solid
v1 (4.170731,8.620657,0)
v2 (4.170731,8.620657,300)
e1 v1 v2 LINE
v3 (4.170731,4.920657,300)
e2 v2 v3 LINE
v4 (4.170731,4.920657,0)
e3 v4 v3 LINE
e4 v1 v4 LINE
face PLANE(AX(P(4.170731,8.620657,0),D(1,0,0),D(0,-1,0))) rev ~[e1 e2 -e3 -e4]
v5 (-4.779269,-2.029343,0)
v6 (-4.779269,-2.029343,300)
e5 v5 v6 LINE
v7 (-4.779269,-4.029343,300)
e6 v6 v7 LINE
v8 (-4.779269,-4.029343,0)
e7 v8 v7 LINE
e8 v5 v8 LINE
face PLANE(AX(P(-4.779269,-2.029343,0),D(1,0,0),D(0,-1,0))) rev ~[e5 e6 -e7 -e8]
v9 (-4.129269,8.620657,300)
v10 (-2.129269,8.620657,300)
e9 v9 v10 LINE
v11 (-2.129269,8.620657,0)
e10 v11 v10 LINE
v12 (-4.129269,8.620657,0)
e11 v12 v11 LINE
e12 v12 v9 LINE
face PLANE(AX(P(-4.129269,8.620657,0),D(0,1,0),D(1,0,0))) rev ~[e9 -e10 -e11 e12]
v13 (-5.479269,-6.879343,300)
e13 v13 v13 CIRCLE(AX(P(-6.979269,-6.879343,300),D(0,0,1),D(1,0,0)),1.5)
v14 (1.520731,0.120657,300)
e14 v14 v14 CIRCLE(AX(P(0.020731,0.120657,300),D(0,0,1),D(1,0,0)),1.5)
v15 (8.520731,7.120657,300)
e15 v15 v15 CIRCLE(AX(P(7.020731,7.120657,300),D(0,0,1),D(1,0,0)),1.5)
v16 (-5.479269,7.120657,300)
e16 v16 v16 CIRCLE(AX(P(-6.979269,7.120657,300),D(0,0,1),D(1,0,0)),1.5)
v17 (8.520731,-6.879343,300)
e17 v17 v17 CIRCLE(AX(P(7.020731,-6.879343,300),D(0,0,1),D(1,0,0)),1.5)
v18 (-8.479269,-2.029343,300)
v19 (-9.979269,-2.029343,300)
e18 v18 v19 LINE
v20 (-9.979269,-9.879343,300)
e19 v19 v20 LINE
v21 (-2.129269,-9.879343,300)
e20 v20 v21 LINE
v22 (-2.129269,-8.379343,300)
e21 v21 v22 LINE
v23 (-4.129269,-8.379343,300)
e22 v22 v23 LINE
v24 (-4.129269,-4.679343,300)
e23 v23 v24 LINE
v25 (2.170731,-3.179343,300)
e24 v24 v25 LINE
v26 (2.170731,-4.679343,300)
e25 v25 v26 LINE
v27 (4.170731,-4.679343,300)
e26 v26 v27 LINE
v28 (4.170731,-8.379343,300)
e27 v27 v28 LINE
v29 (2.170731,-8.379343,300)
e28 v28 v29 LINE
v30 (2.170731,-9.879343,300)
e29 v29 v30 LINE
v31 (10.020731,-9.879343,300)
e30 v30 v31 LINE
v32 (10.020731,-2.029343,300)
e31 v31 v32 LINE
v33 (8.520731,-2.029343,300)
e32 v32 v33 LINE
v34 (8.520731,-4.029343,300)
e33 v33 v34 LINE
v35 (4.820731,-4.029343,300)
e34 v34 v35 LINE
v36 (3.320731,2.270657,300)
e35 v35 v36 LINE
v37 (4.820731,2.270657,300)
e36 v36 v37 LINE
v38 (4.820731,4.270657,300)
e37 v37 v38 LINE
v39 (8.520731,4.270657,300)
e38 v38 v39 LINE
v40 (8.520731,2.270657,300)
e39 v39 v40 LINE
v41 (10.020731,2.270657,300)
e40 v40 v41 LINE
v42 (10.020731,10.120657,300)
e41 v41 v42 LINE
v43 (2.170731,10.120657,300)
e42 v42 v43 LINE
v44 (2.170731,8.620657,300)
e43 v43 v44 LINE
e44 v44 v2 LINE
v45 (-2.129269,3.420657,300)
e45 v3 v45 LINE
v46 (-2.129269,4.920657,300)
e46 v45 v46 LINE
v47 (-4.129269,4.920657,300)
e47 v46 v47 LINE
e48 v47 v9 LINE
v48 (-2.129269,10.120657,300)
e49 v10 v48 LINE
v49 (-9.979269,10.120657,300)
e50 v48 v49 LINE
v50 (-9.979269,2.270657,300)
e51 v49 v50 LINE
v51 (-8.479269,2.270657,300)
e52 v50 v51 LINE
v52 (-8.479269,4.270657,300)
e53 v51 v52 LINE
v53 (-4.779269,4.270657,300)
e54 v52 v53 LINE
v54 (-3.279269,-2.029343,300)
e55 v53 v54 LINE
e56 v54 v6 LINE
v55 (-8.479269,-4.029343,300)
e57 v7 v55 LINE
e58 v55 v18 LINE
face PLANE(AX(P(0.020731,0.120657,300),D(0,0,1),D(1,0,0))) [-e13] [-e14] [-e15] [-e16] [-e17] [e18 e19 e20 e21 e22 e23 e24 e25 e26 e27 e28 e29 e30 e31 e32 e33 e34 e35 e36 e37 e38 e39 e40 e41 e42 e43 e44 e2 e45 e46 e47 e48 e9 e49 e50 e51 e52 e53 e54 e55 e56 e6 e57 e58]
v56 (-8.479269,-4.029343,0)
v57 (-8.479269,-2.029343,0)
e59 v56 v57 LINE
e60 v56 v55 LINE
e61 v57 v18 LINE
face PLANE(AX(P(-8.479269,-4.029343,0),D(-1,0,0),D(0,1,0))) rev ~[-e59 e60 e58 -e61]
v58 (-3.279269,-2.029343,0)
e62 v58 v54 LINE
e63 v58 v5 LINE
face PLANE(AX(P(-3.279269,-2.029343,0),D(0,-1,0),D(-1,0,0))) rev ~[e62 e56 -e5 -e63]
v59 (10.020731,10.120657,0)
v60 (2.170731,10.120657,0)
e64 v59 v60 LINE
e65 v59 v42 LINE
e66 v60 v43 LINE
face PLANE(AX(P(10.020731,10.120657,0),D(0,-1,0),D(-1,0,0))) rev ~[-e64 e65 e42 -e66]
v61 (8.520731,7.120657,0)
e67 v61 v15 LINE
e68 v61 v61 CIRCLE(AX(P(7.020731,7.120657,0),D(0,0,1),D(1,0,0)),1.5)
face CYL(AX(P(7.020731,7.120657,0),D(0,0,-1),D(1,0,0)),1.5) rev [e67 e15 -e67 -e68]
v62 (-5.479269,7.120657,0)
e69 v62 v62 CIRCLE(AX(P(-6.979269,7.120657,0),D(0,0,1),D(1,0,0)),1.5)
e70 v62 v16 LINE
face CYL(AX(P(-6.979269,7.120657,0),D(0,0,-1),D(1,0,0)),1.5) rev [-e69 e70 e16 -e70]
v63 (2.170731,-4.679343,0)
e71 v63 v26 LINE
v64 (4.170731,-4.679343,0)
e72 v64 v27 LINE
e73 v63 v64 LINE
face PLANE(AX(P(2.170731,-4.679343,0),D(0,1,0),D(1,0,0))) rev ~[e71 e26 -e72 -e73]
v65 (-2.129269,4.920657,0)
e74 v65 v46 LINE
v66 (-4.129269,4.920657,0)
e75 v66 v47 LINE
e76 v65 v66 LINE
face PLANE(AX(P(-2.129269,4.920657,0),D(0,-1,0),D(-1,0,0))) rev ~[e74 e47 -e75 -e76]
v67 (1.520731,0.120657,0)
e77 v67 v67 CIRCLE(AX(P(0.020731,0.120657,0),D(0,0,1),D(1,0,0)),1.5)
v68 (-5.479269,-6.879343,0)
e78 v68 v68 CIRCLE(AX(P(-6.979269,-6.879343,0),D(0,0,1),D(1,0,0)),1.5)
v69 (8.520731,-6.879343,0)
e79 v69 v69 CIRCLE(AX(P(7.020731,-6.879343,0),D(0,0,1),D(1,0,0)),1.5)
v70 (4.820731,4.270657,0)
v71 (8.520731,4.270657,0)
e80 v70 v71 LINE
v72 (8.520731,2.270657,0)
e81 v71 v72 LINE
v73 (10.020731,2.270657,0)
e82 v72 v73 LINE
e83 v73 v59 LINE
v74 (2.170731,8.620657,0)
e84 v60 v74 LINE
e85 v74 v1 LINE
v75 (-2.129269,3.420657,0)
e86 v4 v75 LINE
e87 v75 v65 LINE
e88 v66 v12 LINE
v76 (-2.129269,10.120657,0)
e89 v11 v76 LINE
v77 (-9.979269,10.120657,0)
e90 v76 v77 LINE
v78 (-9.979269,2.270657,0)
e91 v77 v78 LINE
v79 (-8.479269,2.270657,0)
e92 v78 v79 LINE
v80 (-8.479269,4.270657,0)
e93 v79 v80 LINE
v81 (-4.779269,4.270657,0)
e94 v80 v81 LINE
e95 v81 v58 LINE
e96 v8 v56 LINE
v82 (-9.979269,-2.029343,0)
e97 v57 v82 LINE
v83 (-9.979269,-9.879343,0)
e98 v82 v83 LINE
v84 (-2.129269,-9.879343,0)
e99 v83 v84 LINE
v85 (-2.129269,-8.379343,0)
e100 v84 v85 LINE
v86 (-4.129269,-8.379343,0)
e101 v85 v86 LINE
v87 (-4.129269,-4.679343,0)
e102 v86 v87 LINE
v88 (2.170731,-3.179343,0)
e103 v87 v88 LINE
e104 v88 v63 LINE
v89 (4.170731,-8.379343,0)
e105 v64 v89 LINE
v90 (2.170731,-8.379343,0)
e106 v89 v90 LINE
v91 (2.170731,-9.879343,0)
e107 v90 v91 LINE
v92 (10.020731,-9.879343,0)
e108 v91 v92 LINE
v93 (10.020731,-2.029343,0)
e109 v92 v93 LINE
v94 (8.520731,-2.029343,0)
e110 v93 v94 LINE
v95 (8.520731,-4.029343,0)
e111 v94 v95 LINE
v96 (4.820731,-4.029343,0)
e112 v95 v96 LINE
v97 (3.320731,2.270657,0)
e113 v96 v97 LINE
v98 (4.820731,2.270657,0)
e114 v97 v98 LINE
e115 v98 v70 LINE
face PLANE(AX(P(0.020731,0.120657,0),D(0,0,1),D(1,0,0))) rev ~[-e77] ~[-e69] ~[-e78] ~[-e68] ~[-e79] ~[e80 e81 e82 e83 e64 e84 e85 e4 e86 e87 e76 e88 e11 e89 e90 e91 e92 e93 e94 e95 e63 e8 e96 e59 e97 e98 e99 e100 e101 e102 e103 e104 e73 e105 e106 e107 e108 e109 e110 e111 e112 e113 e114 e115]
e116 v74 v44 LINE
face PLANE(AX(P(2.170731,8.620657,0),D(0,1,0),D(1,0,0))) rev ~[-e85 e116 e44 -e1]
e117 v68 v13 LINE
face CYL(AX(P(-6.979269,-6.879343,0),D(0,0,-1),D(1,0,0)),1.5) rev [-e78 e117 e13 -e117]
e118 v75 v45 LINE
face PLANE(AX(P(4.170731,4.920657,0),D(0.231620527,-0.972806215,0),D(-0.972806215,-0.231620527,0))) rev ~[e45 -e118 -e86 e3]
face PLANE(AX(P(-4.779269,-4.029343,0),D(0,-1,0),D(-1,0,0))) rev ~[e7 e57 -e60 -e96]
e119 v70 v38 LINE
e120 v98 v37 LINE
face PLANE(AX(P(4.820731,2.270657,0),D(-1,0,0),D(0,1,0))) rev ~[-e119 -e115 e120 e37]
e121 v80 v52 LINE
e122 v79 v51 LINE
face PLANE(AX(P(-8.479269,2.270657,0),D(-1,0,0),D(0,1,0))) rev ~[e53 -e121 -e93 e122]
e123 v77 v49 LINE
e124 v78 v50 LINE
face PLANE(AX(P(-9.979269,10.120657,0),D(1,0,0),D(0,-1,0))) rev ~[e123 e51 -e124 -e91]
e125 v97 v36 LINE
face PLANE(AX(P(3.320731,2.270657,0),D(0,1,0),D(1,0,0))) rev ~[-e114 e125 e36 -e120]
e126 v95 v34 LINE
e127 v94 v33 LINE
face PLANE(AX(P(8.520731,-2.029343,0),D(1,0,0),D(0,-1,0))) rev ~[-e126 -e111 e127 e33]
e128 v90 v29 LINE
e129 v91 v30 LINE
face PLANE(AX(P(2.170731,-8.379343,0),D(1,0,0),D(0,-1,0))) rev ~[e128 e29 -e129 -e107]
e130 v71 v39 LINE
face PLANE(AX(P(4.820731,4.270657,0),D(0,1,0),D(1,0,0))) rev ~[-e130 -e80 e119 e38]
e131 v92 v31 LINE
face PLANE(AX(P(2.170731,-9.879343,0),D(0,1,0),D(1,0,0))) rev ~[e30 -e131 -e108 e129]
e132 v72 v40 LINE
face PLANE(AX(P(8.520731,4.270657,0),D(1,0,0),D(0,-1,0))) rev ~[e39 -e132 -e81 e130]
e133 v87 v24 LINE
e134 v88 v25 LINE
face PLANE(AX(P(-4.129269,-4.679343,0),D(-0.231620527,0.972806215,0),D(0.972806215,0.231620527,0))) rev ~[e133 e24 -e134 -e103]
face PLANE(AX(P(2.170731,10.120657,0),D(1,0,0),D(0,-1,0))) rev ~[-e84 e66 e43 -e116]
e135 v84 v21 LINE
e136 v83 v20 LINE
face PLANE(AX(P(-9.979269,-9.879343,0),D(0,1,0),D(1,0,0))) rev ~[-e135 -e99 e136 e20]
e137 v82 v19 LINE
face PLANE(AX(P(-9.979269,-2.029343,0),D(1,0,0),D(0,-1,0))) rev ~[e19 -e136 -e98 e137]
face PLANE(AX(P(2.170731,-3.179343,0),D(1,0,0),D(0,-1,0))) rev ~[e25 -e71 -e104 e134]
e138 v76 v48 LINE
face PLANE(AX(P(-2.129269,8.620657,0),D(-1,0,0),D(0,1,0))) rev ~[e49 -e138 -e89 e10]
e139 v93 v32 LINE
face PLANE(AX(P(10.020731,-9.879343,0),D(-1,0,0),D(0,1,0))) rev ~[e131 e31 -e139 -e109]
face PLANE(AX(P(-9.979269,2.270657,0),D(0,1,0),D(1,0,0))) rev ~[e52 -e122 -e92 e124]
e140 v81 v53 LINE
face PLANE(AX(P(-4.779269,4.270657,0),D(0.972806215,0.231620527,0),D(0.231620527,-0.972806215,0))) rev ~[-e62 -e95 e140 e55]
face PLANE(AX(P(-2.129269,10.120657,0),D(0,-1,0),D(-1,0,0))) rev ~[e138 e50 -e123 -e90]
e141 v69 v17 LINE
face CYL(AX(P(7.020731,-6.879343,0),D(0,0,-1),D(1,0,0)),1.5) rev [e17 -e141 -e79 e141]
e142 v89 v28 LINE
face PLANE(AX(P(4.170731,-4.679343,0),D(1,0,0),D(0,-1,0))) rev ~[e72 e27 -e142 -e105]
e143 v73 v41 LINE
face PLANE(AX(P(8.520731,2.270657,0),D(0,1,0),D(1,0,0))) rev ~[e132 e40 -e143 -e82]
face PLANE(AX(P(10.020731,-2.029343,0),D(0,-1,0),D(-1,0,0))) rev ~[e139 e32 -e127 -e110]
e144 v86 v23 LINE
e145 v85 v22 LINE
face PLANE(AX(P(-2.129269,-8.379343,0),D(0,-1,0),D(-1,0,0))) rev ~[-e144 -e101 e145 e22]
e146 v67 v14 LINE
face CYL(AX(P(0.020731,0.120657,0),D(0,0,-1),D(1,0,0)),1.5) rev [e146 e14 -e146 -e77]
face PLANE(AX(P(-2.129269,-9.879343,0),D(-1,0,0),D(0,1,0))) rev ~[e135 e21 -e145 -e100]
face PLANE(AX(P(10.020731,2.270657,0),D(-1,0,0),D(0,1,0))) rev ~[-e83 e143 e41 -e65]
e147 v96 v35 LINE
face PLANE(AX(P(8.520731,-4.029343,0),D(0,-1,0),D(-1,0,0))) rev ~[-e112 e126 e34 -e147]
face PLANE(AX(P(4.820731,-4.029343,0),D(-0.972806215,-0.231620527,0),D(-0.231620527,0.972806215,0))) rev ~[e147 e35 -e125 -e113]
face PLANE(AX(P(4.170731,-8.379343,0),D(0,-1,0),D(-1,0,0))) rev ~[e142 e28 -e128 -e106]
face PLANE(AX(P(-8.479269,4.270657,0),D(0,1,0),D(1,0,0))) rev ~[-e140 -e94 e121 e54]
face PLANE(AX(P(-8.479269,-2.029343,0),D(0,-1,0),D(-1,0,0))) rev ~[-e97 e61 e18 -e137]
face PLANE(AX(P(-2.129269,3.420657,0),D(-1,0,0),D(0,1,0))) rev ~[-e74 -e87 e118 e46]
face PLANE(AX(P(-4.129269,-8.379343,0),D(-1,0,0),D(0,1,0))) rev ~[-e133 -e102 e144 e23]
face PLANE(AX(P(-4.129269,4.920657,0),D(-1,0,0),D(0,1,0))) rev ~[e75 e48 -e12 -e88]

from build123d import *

# Parameters (mm, degrees)
F0_R     = 1.5
F1_DEPTH = 300


with BuildPart() as f1:
    # F0 (on Top) → F1 (new body)
    with BuildSketch(Plane.XY):
        Polygon((-2.129269, 10.120657), (-9.979269, 10.120657), (-9.979269, 2.270657), (-8.479269, 2.270657), (-8.479269, 4.270657), (-4.779269, 4.270657), (-3.279269, -2.029343), (-4.779269, -2.029343), (-4.779269, -4.029343), (-8.479269, -4.029343), (-8.479269, -2.029343), (-9.979269, -2.029343), (-9.979269, -9.879343), (-2.129269, -9.879343), (-2.129269, -8.379343), (-4.129269, -8.379343), (-4.129269, -4.679343), (2.170731, -3.179343), (2.170731, -4.679343), (4.170731, -4.679343), (4.170731, -8.379343), (2.170731, -8.379343), (2.170731, -9.879343), (10.020731, -9.879343), (10.020731, -2.029343), (8.520731, -2.029343), (8.520731, -4.029343), (4.820731, -4.029343), (3.320731, 2.270657), (4.820731, 2.270657), (4.820731, 4.270657), (8.520731, 4.270657), (8.520731, 2.270657), (10.020731, 2.270657), (10.020731, 10.120657), (2.170731, 10.120657), (2.170731, 8.620657), (4.170731, 8.620657), (4.170731, 4.920657), (-2.129269, 3.420657), (-2.129269, 4.920657), (-4.129269, 4.920657), (-4.129269, 8.620657), (-2.129269, 8.620657), align=None)
        with Locations((-6.979269, -6.879343)):
            Circle(F0_R, mode=Mode.SUBTRACT)
        with Locations((7.020731, -6.879343)):
            Circle(F0_R, mode=Mode.SUBTRACT)
        with Locations((0.020731, 0.120657)):
            Circle(F0_R, mode=Mode.SUBTRACT)
        with Locations((-6.979269, 7.120657)):
            Circle(F0_R, mode=Mode.SUBTRACT)
        with Locations((7.020731, 7.120657)):
            Circle(F0_R, mode=Mode.SUBTRACT)
    extrude(amount=F1_DEPTH)


solid = f1.part
